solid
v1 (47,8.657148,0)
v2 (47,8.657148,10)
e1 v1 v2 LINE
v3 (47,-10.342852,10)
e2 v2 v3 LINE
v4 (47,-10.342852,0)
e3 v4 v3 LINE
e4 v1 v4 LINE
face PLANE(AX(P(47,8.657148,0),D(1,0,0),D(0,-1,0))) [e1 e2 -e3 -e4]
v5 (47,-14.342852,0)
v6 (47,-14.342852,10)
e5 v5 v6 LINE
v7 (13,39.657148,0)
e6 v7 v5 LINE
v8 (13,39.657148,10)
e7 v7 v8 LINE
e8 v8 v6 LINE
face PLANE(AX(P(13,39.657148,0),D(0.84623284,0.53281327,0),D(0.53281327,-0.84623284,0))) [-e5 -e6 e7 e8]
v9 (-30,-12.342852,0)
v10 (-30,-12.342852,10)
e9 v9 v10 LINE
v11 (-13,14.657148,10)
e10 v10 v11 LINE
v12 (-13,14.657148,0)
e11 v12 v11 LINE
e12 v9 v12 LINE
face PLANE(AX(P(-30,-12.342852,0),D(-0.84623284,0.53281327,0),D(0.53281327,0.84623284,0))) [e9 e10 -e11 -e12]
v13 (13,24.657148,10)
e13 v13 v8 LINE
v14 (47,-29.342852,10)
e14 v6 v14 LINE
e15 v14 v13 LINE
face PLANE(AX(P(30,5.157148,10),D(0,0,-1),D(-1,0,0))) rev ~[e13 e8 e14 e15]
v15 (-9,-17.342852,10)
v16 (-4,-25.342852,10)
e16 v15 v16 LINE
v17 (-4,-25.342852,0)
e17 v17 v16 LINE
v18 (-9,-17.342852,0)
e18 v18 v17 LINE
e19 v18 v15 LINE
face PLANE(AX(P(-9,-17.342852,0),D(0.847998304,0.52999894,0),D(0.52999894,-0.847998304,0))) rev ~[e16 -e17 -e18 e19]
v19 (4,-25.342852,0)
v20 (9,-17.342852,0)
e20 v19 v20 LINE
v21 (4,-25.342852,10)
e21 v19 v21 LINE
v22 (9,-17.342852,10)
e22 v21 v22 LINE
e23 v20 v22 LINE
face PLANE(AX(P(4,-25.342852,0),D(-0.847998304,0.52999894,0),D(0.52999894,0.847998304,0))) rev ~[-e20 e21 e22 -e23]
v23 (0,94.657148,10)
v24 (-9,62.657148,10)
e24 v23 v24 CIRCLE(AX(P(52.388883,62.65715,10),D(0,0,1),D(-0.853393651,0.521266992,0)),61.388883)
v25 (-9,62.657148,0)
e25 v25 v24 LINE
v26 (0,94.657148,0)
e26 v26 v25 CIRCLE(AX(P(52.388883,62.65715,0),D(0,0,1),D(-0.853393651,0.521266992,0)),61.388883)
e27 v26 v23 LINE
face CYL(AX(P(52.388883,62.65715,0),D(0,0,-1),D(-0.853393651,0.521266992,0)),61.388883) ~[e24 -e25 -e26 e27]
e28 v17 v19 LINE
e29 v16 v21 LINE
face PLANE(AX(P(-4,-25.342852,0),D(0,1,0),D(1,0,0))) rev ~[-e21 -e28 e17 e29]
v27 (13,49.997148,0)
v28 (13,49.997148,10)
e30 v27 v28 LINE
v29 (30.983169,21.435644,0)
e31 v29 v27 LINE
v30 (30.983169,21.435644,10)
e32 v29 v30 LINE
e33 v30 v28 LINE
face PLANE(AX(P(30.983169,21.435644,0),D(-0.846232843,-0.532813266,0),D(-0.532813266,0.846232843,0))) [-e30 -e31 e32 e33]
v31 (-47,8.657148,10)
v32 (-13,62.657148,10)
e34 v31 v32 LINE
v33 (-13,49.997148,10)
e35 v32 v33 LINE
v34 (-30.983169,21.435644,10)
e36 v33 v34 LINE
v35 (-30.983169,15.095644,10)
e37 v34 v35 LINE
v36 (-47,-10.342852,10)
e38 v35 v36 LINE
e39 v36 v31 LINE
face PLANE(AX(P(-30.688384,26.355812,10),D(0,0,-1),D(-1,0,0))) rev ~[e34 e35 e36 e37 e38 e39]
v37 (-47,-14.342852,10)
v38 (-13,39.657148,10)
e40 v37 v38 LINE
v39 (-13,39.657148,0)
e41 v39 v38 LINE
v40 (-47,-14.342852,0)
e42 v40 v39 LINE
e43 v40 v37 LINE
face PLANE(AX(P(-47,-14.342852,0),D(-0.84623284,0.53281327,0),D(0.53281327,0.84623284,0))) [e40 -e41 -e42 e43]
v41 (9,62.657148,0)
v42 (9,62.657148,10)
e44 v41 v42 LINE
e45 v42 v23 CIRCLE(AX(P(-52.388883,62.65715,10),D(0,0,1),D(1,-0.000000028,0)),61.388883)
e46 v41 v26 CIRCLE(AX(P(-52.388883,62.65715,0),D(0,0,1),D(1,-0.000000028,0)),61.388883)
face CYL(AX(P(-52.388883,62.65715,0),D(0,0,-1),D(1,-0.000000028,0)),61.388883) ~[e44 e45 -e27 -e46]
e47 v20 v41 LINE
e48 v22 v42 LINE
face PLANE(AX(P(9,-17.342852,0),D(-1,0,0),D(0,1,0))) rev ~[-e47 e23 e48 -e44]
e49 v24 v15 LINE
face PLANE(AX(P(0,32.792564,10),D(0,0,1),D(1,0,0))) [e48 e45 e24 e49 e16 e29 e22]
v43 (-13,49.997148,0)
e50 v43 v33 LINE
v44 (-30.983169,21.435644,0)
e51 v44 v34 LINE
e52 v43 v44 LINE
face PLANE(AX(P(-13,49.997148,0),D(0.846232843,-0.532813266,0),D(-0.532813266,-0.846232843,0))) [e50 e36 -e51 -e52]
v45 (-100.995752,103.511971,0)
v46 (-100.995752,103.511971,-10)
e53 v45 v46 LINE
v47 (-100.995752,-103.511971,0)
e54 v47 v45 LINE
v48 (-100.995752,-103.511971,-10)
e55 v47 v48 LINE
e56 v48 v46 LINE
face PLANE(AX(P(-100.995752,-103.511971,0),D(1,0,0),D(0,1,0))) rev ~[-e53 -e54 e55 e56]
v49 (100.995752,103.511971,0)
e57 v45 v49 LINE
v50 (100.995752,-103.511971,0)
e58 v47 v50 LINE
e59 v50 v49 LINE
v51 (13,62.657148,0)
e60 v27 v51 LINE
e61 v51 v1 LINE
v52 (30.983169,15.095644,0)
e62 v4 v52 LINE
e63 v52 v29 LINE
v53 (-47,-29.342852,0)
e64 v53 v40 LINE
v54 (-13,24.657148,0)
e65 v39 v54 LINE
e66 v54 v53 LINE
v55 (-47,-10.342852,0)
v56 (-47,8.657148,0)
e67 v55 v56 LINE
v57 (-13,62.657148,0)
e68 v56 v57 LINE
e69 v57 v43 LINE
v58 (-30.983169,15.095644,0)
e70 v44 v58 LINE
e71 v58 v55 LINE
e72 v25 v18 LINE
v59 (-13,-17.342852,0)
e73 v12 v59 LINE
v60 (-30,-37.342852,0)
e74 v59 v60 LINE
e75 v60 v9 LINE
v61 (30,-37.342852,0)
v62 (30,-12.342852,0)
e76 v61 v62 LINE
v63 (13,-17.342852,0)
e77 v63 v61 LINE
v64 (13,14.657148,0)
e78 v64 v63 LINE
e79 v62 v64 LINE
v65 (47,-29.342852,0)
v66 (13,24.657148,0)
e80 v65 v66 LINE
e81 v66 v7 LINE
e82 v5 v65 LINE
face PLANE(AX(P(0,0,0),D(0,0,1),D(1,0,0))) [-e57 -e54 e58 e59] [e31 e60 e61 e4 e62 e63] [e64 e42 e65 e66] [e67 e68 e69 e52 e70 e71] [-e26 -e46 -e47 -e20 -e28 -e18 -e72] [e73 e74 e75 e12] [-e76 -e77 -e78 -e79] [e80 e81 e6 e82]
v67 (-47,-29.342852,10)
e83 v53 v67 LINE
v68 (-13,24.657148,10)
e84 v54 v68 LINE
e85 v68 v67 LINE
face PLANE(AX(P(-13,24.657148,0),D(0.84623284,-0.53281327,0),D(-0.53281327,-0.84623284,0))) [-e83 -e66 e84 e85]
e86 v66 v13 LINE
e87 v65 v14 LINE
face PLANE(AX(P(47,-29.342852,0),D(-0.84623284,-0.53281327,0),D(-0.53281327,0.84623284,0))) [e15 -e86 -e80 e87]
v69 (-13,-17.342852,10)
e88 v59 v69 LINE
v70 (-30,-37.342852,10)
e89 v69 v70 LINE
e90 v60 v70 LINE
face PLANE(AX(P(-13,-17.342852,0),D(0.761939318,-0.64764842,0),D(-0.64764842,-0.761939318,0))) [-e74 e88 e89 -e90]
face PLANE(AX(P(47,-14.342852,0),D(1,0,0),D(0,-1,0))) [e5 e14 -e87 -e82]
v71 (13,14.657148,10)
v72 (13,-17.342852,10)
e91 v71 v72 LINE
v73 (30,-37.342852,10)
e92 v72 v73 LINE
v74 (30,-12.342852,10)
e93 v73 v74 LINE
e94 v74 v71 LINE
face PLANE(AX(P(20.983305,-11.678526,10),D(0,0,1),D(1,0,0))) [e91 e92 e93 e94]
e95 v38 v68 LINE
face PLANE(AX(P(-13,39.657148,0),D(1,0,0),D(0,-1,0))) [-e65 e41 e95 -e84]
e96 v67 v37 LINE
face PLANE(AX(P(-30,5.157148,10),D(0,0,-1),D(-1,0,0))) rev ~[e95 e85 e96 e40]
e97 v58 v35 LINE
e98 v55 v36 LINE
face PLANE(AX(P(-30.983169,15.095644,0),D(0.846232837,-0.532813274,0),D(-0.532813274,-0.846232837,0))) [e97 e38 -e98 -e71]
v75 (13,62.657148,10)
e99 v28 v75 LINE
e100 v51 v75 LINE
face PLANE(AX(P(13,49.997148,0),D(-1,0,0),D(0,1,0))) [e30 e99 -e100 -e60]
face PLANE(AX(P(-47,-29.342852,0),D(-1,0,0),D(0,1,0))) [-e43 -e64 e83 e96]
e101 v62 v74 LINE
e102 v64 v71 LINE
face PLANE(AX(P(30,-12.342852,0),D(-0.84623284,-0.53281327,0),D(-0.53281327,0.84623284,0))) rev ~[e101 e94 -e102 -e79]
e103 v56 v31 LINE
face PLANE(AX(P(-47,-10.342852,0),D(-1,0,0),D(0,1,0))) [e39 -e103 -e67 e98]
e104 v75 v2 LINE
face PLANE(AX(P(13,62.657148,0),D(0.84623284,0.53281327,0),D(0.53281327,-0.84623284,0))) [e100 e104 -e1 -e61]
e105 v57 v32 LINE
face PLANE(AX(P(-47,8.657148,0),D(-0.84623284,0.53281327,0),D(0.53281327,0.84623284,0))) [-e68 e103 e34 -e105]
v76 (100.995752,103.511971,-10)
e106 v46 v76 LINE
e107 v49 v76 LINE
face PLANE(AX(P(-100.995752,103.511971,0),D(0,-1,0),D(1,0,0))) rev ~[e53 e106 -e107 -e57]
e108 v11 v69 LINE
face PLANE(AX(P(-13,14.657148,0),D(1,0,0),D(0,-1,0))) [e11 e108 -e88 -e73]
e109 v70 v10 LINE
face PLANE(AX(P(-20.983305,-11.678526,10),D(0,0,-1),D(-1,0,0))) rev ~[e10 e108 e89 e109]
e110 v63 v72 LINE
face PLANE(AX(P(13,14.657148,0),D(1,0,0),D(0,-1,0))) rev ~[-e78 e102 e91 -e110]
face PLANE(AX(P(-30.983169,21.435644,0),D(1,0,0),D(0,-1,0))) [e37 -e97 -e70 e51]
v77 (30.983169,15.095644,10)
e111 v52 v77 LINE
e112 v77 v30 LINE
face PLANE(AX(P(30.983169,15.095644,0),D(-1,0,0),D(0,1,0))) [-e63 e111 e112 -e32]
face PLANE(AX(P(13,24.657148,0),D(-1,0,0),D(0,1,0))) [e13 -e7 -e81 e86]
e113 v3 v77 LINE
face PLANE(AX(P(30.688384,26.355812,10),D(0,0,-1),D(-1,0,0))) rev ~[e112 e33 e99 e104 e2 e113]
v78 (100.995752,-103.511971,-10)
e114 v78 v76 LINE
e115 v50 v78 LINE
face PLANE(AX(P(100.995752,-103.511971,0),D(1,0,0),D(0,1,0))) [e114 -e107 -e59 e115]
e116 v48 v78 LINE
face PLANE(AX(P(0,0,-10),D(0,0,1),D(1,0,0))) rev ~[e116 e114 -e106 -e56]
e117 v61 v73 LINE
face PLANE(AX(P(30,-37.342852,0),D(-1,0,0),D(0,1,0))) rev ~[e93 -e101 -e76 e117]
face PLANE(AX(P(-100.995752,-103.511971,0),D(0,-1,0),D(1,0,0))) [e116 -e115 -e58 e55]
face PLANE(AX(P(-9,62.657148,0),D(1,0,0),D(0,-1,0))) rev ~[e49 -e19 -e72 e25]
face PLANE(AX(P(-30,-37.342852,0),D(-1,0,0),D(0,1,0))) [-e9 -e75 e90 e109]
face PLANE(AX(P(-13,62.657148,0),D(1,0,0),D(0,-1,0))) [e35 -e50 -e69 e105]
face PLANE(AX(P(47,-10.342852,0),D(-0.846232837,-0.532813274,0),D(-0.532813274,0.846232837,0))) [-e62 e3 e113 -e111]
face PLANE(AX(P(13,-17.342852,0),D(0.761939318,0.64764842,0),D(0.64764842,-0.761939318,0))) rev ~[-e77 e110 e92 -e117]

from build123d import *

# Parameters (mm, degrees)
PAD_DEPTH    = 10
SKETCH002_W  = 201.991504
SKETCH002_H  = 207.023942
PAD001_DEPTH = 10
PAD002_DEPTH = 10
PAD003_DEPTH = 10
PAD004_DEPTH = 10


with BuildPart() as part:
    # Sketch → Pad (new body)
    with BuildSketch(Plane.XY):
        with BuildLine():
            Line((-9, 62.657148), (-9, -17.342852))
            Line((-9, -17.342852), (-4, -25.342852))
            Line((-4, -25.342852), (4, -25.342852))
            Line((4, -25.342852), (9, -17.342852))
            Line((9, -17.342852), (9, 62.657148))
            ThreePointArc((9, 62.657148), (6.707183, 79.277918), (0, 94.657148))
            ThreePointArc((0, 94.657148), (-6.707183, 79.277918), (-9, 62.657148))
        make_face()
    extrude(amount=PAD_DEPTH)

    # Sketch002 → Pad001 (join)
    with BuildSketch(Plane.XY):
        Rectangle(SKETCH002_W, SKETCH002_H)
    extrude(amount=-PAD001_DEPTH)

    # Sketch001 → Pad002 (join)
    with BuildSketch(Plane.XY):
        Polygon((13, 14.657148), (13, -17.342852), (30, -37.342852), (30, -12.342852), align=None)
        Polygon((-13, 14.657148), (-13, -17.342852), (-30, -37.342852), (-30, -12.342852), align=None)
    extrude(amount=PAD002_DEPTH)

    # Sketch003 → Pad003 (join)
    with BuildSketch(Plane.XY):
        Polygon((13, 24.657148), (13, 39.657148), (47, -14.342852), (47, -29.342852), align=None)
        Polygon((-13, 39.657148), (-13, 24.657148), (-47, -29.342852), (-47, -14.342852), align=None)
    extrude(amount=PAD003_DEPTH)

    # Sketch004 → Pad004 (join)
    with BuildSketch(Plane.XY):
        Polygon((13, 49.997148), (13, 62.657148), (47, 8.657148), (47, -10.342852), (30.983169, 15.095644), (30.983169, 21.435644), align=None)
        Polygon((-13, 62.657148), (-13, 49.997148), (-30.983169, 21.435644), (-30.983169, 15.095644), (-47, -10.342852), (-47, 8.657148), align=None)
    extrude(amount=PAD004_DEPTH)


solid = part.part
